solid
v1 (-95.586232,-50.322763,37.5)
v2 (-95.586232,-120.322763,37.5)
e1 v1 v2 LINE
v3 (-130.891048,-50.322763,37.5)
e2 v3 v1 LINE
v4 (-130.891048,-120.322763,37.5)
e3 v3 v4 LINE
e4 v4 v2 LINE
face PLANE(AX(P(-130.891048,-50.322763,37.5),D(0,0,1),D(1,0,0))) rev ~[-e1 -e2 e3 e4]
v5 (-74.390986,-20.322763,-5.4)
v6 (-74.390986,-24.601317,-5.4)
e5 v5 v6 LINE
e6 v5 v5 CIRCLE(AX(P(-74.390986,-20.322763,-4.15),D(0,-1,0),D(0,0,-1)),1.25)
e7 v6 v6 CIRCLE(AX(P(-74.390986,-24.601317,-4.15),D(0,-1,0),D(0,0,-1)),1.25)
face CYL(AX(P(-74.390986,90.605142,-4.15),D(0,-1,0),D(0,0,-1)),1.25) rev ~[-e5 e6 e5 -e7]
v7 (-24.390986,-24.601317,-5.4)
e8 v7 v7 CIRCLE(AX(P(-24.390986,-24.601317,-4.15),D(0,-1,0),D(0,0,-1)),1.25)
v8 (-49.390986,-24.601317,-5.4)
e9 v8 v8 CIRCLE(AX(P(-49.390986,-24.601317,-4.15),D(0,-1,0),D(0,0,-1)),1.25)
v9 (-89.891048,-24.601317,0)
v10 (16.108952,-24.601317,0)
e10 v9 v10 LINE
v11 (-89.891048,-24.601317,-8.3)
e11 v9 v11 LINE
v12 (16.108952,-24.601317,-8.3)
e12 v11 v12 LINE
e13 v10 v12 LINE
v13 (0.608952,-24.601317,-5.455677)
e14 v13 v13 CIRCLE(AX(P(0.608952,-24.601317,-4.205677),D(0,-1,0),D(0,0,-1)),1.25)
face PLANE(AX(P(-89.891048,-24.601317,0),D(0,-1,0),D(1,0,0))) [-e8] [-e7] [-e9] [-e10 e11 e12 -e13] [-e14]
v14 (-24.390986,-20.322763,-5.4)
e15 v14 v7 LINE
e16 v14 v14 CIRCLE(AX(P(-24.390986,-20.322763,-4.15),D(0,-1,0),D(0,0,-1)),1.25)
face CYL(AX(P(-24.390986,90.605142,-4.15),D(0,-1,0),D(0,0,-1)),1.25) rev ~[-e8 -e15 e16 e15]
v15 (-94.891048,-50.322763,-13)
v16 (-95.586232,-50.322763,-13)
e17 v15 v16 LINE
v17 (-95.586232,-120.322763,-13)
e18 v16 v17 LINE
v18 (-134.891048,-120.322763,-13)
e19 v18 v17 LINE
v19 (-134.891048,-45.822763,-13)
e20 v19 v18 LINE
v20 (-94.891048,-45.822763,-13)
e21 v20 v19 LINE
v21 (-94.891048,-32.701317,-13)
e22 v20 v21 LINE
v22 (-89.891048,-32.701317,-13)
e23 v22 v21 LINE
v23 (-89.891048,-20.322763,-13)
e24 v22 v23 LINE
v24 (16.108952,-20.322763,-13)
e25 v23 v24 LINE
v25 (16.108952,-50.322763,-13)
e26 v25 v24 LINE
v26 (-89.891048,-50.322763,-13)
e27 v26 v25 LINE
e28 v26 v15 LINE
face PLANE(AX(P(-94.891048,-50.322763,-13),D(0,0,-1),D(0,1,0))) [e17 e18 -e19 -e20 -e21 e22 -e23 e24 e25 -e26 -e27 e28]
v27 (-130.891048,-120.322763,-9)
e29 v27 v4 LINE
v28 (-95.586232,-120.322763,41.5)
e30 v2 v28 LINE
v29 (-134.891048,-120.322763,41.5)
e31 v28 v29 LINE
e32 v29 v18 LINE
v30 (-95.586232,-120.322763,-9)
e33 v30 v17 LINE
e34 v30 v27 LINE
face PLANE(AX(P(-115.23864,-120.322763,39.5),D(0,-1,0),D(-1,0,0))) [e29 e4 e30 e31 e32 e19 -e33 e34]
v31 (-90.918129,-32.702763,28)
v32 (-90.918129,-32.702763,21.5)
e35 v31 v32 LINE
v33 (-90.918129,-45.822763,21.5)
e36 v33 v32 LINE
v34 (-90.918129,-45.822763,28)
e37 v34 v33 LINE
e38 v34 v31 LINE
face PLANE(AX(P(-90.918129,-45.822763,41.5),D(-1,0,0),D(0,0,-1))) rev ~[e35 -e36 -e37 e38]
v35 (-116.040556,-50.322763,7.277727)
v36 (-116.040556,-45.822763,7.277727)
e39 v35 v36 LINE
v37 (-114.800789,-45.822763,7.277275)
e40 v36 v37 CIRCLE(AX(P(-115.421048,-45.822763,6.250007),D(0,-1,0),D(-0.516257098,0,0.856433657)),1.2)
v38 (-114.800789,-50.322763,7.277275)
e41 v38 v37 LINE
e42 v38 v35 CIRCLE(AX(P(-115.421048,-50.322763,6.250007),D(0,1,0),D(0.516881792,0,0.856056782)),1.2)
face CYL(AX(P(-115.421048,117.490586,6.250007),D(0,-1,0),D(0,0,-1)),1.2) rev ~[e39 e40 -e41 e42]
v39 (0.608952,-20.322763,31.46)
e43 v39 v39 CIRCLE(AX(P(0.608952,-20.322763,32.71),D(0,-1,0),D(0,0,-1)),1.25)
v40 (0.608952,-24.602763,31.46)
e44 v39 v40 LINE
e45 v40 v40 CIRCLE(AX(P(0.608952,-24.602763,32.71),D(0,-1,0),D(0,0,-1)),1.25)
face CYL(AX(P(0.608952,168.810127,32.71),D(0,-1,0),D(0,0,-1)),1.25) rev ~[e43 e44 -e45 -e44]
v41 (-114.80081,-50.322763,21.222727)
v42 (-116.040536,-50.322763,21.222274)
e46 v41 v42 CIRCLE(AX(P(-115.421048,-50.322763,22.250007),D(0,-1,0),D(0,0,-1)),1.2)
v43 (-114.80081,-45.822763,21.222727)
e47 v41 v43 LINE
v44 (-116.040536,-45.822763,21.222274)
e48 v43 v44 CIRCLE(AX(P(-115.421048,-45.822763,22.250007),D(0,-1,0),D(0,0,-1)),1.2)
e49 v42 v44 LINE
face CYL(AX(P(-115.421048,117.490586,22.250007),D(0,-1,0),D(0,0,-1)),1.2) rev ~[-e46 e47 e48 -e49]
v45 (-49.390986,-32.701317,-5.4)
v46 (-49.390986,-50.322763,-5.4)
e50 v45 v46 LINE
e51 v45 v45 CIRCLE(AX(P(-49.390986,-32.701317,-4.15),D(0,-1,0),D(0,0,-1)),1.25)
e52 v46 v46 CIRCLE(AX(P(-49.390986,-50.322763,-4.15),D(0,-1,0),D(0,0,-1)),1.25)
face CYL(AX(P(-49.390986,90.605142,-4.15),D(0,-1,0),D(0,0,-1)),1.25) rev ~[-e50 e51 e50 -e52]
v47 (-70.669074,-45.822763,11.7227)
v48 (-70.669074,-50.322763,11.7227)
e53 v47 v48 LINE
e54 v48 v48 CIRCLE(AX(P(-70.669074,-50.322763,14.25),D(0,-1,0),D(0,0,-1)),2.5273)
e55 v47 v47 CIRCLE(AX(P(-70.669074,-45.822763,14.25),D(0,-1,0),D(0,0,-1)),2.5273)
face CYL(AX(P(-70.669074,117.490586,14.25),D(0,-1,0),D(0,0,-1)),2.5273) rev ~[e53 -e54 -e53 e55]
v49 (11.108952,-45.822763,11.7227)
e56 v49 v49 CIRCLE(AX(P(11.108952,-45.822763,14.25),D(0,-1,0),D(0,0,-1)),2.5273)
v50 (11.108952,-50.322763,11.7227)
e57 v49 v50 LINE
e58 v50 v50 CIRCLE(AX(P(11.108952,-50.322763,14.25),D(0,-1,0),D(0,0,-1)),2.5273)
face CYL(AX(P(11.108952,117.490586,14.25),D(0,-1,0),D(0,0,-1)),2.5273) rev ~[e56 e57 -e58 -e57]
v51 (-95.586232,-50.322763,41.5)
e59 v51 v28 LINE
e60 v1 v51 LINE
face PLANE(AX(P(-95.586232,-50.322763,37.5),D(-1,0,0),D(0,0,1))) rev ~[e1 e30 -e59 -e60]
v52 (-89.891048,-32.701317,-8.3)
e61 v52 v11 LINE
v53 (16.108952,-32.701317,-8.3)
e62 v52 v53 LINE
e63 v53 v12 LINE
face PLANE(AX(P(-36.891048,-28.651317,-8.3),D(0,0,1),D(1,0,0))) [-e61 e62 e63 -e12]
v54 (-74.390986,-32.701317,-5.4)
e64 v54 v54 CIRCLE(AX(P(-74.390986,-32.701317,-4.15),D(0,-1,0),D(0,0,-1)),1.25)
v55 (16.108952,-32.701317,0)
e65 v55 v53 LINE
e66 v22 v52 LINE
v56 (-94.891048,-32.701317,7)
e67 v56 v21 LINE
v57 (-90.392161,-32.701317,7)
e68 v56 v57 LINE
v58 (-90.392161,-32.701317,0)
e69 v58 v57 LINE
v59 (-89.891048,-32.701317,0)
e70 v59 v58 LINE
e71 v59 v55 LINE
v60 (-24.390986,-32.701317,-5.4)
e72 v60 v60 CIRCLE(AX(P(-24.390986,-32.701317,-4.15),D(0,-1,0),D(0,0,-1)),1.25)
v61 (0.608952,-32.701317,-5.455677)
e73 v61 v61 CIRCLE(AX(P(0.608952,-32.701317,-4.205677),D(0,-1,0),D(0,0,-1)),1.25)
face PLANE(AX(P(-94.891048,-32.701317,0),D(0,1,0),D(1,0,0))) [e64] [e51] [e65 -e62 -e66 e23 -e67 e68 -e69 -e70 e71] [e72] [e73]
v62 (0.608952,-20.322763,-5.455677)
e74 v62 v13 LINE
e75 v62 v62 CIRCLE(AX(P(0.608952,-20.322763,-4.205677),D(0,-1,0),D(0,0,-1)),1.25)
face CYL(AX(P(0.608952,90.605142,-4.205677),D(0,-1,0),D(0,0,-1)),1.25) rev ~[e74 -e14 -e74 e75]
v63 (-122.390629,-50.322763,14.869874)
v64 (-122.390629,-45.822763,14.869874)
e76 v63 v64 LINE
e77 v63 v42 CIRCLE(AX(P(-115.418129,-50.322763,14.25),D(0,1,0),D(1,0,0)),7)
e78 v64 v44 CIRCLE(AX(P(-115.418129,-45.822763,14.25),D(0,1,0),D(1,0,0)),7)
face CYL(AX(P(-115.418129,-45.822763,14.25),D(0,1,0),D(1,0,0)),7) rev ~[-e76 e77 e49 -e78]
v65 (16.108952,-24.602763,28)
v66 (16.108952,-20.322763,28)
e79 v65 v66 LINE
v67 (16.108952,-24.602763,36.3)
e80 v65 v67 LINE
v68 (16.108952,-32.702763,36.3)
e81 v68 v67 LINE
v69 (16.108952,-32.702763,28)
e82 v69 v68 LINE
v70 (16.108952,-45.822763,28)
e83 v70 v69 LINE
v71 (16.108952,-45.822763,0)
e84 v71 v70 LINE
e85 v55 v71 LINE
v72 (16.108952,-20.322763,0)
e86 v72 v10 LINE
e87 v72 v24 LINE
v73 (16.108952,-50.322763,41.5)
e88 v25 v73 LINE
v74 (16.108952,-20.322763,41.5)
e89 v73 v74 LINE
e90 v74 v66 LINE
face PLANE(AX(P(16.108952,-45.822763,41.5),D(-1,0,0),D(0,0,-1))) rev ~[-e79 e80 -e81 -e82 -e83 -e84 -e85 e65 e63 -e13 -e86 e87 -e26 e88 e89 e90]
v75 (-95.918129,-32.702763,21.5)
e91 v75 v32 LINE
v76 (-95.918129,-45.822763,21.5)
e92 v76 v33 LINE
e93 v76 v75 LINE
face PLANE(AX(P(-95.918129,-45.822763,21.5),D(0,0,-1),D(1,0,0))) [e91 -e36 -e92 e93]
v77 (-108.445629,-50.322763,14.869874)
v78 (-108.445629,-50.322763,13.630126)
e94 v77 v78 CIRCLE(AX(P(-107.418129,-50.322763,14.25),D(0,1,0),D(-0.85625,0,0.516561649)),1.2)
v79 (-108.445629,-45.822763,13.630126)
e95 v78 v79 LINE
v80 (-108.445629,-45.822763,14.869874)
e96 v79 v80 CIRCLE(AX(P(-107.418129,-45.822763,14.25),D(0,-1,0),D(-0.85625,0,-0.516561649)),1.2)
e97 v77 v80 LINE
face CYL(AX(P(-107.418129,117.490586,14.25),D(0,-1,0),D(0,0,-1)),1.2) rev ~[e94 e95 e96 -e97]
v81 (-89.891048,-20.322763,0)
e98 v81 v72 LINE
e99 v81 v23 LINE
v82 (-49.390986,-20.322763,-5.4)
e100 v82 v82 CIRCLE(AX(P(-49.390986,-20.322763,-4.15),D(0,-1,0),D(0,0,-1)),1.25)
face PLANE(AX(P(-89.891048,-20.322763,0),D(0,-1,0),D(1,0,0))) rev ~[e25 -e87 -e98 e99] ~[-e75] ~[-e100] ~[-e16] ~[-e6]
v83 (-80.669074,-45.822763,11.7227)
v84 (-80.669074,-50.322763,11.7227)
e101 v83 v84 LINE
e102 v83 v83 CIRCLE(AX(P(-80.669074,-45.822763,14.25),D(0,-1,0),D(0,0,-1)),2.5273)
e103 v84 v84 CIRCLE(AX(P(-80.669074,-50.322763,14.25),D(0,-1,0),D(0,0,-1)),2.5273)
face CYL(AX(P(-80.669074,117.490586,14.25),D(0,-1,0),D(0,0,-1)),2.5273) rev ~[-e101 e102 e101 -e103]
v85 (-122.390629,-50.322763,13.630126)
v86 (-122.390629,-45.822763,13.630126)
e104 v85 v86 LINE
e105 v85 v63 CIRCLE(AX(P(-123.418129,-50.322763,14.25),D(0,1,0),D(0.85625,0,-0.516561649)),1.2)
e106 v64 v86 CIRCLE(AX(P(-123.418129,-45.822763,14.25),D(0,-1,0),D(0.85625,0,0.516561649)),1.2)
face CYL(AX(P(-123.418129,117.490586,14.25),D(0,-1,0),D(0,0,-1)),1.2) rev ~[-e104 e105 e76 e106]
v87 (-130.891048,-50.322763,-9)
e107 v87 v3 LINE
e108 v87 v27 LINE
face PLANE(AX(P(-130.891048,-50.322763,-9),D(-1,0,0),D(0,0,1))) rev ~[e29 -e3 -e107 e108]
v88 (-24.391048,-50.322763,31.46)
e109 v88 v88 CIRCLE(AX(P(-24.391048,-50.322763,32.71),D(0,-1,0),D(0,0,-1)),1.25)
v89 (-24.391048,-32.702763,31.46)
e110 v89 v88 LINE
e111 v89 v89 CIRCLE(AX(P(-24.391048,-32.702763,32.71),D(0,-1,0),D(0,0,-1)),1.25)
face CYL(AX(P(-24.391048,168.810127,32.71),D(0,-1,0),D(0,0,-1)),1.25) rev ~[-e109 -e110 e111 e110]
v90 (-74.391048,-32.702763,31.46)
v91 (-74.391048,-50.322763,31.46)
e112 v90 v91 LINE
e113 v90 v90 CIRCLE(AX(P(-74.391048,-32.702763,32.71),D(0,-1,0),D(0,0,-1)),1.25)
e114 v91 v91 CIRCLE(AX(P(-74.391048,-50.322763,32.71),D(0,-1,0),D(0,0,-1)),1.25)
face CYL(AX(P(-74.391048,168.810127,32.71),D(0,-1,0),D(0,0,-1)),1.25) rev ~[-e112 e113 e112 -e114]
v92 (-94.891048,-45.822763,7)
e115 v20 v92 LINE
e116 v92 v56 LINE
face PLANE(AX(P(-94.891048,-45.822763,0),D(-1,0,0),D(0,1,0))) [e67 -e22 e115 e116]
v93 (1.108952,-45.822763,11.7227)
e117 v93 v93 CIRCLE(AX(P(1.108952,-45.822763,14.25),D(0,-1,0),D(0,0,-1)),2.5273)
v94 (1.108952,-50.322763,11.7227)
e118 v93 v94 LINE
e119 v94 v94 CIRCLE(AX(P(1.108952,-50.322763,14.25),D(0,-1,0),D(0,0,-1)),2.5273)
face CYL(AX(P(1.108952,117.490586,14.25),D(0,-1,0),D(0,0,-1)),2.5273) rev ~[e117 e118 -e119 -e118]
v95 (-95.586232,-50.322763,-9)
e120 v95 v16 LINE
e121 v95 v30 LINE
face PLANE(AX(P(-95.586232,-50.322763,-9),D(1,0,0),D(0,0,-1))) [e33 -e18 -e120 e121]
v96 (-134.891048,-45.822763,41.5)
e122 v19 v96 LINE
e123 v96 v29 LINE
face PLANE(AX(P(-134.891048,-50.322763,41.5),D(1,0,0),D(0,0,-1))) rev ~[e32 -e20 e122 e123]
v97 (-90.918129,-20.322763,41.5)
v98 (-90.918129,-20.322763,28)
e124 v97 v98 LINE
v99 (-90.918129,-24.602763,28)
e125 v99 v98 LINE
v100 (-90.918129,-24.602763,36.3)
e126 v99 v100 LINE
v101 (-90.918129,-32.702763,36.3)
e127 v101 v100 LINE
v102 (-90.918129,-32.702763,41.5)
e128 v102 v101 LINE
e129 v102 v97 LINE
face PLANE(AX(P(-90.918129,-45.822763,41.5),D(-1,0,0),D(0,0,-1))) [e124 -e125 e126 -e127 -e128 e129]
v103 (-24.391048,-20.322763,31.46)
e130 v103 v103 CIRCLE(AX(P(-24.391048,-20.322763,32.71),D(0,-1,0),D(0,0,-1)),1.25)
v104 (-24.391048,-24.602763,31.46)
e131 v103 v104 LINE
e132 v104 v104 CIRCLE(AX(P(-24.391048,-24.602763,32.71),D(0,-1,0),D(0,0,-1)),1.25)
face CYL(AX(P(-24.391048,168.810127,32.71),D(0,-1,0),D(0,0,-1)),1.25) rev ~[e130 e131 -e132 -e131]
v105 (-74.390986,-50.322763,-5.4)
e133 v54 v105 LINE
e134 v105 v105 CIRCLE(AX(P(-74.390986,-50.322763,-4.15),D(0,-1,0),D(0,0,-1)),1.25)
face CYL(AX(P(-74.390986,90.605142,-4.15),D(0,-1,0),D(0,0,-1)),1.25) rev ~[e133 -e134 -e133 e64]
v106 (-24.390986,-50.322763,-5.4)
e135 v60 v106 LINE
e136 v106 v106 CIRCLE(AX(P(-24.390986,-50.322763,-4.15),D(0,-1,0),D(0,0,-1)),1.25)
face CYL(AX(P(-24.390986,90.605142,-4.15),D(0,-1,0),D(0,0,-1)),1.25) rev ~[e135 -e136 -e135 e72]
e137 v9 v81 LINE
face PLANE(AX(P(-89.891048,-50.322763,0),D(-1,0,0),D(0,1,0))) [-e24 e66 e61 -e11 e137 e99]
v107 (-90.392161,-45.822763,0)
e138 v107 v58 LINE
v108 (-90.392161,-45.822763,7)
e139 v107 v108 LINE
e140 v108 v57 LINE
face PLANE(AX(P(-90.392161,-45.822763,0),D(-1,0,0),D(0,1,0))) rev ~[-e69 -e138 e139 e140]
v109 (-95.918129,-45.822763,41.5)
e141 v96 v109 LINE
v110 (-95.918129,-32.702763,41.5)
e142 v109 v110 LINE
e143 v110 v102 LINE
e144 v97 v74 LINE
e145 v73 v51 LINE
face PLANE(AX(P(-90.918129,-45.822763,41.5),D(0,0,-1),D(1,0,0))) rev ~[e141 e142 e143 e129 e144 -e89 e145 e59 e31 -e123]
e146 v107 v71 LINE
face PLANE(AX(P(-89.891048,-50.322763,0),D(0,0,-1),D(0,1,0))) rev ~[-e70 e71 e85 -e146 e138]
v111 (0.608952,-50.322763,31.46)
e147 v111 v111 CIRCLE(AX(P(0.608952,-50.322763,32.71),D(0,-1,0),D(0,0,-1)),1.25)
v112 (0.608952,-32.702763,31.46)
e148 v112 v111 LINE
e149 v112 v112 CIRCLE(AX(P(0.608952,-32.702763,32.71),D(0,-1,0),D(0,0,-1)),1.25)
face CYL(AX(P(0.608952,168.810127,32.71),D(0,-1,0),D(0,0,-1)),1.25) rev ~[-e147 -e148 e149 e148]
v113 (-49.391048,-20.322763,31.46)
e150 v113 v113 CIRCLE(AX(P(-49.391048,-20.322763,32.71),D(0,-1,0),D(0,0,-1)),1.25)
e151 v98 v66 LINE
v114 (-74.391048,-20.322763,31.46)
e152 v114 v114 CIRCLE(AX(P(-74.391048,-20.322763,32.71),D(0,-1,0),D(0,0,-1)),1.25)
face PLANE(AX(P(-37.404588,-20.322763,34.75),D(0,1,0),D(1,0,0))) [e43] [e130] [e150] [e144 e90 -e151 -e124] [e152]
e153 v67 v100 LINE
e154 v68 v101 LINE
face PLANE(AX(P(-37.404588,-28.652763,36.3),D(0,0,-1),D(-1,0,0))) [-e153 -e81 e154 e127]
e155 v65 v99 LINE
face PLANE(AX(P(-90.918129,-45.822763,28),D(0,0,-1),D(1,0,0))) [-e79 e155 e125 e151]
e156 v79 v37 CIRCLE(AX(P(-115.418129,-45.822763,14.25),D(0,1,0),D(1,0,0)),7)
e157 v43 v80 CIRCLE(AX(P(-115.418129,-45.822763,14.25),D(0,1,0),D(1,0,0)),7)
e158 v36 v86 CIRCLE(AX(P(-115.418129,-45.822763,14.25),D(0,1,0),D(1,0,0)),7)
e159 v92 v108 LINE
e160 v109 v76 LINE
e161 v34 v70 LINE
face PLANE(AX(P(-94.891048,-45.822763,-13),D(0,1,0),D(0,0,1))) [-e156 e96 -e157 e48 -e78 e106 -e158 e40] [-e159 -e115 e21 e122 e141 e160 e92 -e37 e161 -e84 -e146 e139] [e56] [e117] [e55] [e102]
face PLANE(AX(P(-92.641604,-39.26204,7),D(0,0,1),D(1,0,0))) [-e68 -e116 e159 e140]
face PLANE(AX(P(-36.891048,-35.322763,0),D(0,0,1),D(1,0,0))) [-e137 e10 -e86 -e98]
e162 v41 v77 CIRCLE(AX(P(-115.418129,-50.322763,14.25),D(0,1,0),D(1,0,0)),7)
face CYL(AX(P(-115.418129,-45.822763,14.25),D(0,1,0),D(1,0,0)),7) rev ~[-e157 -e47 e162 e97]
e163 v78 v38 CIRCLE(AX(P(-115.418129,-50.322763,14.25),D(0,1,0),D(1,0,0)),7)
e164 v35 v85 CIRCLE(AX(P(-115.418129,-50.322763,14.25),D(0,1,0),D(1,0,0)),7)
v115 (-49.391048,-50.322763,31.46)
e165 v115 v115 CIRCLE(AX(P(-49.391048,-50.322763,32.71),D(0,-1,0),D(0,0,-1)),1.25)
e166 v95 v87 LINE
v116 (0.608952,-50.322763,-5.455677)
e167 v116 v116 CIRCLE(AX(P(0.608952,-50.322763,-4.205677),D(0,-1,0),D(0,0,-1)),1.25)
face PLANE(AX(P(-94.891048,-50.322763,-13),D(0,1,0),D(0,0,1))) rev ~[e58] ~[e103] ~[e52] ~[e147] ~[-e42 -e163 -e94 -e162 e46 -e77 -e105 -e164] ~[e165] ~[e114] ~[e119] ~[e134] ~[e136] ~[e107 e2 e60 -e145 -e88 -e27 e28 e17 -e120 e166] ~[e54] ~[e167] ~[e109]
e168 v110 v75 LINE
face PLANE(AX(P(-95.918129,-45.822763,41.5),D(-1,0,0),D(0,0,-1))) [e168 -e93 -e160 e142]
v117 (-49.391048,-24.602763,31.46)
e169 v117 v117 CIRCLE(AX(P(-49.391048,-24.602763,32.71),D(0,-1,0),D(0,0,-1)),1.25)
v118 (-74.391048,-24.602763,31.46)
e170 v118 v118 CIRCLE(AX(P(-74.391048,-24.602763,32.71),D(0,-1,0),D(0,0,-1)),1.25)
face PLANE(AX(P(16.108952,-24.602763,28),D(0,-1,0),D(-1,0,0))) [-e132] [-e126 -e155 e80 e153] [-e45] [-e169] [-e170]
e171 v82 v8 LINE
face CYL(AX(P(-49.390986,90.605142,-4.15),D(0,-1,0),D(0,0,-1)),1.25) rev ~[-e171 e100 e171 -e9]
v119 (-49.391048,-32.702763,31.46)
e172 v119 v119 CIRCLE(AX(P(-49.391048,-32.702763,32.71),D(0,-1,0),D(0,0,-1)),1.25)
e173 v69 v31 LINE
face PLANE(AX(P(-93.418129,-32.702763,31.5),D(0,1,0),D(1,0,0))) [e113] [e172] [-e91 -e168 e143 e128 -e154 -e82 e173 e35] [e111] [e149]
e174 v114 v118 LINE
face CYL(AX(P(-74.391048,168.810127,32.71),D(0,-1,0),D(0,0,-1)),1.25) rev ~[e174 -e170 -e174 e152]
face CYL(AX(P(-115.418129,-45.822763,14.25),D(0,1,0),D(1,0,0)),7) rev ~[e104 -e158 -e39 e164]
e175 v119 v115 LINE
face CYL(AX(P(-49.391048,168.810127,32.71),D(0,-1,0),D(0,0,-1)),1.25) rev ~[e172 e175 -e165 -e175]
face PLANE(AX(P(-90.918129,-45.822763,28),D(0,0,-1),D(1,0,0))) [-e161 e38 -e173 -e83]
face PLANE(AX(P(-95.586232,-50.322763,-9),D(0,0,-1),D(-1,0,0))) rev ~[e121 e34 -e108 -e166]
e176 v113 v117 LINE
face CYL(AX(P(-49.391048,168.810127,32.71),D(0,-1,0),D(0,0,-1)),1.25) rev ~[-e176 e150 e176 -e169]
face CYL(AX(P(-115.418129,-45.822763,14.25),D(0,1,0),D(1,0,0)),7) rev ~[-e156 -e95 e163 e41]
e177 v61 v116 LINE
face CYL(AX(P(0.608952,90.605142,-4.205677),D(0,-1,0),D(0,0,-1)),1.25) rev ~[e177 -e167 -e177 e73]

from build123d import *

# Parameters (mm, degrees)
SKETCH4_W                  = 106
SKETCH4_H                  = 30
BOSS_EXTRUDE2_DEPTH        = 13
SKETCH25_W                 = 106
SKETCH25_H                 = 8.1
CUT_EXTRUDE3_DEPTH         = 1
CUT_EXTRUDE3_DEPTH_BACK    = 8.3
M3X0_5_TAPPED_HOLE1_D      = 2.5
SKETCH28_W                 = 106
SKETCH28_H                 = 4.5
BOSS_EXTRUDE3_DEPTH        = 41.5
SKETCH32_W                 = 41.5
SKETCH32_H                 = 4.5
BOSS_EXTRUDE10_DEPTH       = 5
SKETCH33_W                 = 13
SKETCH33_H                 = 17.621445937
BOSS_EXTRUDE12_DEPTH       = 5
SKETCH34_W                 = 4.498886861
SKETCH34_H                 = 13.121445937
BOSS_EXTRUDE13_DEPTH       = 7
SKETCH35_W                 = 54.5
SKETCH35_H                 = 4.5
BOSS_EXTRUDE14_DEPTH       = 40
SKETCH36_W                 = 5
SKETCH36_H                 = 20
BOSS_EXTRUDE15_DEPTH       = 13.12
F_8_0_199_DIAMETER_HOLE1_D = 5.0546
SKETCH39_R                 = 7
CUT_EXTRUDE4_DEPTH         = 10
M2_CLEARANCE_HOLE1_D       = 2.4
SKETCH43_W                 = 35.304815243
SKETCH43_H                 = 4
BOSS_EXTRUDE16_DEPTH       = 70
SKETCH44_W                 = 107.027081708
SKETCH44_H                 = 13.5
BOSS_EXTRUDE17_DEPTH       = 25.5
SKETCH47_W                 = 107.027081708
SKETCH47_H                 = 8.1
CUT_EXTRUDE5_DEPTH         = 8.3
M3X0_5_TAPPED_HOLE2_D      = 2.5


with BuildPart() as part:
    # Sketch4 → Boss-Extrude2 (new body)
    with BuildSketch(Plane.XY):
        with Locations((-36.891047602, -35.322762913)):
            Rectangle(SKETCH4_W, SKETCH4_H)
    extrude(amount=-BOSS_EXTRUDE2_DEPTH)

    # Sketch25 → Cut-Extrude3 (cut, two sides)
    with BuildSketch(Plane.XY) as cut_extrude3_sk:
        with Locations((-36.891047602, -28.651316976)):
            Rectangle(SKETCH25_W, SKETCH25_H)
    extrude(amount=CUT_EXTRUDE3_DEPTH, mode=Mode.SUBTRACT)
    extrude(cut_extrude3_sk.sketch, amount=-CUT_EXTRUDE3_DEPTH_BACK, mode=Mode.SUBTRACT)

    # M3x0.5 Tapped Hole1 (through all)
    with Locations(Plane(origin=(-74.390985602, -20.322762913, -4.15), x_dir=(0, 0, 1), z_dir=(0, 1, 0))):
        with Locations((0, 0), (0, 25), (-0.055677319, 74.999938), (0, 50)):
            Hole(M3X0_5_TAPPED_HOLE1_D / 2)

    # Sketch28 → Boss-Extrude3 (add)
    with BuildSketch(Plane.XY):
        with Locations((-36.891047602, -48.072762913)):
            Rectangle(SKETCH28_W, SKETCH28_H)
    extrude(amount=BOSS_EXTRUDE3_DEPTH)

    # Sketch32 → Boss-Extrude10 (add)
    with BuildSketch(Plane.ZY.offset(89.891047602)):
        with Locations((20.75, -48.072762913)):
            Rectangle(SKETCH32_W, SKETCH32_H)
    extrude(amount=BOSS_EXTRUDE10_DEPTH)

    # Sketch33 → Boss-Extrude12 (add)
    with BuildSketch(Plane.ZY.offset(89.891047602)):
        with Locations((-6.5, -41.512039945)):
            Rectangle(SKETCH33_W, SKETCH33_H)
    extrude(amount=BOSS_EXTRUDE12_DEPTH)

    # Sketch34 → Boss-Extrude13 (add)
    with BuildSketch(Plane.XY):
        with Locations((-92.641604172, -39.262039945)):
            Rectangle(SKETCH34_W, SKETCH34_H)
    extrude(amount=BOSS_EXTRUDE13_DEPTH)

    # Sketch35 → Boss-Extrude14 (add)
    with BuildSketch(Plane.ZY.offset(94.891047602)):
        with Locations((14.25, -48.072762913)):
            Rectangle(SKETCH35_W, SKETCH35_H)
    extrude(amount=BOSS_EXTRUDE14_DEPTH)

    # Sketch36 → Boss-Extrude15 (add)
    with BuildSketch(Plane(origin=(0, -45.822762913, 0), x_dir=(1, 0, 0), z_dir=(0, 1, 0))):
        with Locations((-93.41812931, -31.5)):
            Rectangle(SKETCH36_W, SKETCH36_H)
    extrude(amount=BOSS_EXTRUDE15_DEPTH)

    # #8 (0.199) Diameter Hole1 (through all)
    with Locations(Plane(origin=(-80.669073904, -45.822762913, 14.25), x_dir=(0, 0, 1), z_dir=(0, 1, 0))):
        with Locations((0, 0), (0, 91.778026302), (0, 81.778026302), (0, 10)):
            Hole(F_8_0_199_DIAMETER_HOLE1_D / 2)

    # Sketch39 → Cut-Extrude4 (cut)
    with BuildSketch(Plane(origin=(0, -45.822762913, 0), x_dir=(1, 0, 0), z_dir=(0, 1, 0))):
        with Locations((-115.41812931, -14.25)):
            Circle(SKETCH39_R)
    extrude(amount=-CUT_EXTRUDE4_DEPTH, mode=Mode.SUBTRACT)

    # M2 Clearance Hole1 (through all)
    with Locations(Plane(origin=(-107.41812931, -45.822762913, 14.25), x_dir=(0, 0, 1), z_dir=(0, 1, 0))):
        with Locations((0, 0), (8.000007036, -8.002918292), (-7.999992964, -8.002918292), (0, -16)):
            Hole(M2_CLEARANCE_HOLE1_D / 2)

    # Sketch43 → Boss-Extrude16 (add)
    with BuildSketch(Plane(origin=(0, -50.322762913, 0), x_dir=(-1, 0, 0), z_dir=(0, -1, 0))):
        Polygon((95.586232359, -37.5), (95.586232359, -41.5), (134.891047602, -41.5), (134.891047602, -37.5), (130.891047602, -37.5), align=None)
        Polygon((130.891047602, -37.5), (134.891047602, -37.5), (134.891047602, 13), (130.891047602, 13), (130.891047602, 9), align=None)
        with Locations((113.238639981, 11)):
            Rectangle(SKETCH43_W, SKETCH43_H)
    extrude(amount=BOSS_EXTRUDE16_DEPTH)

    # Sketch44 → Boss-Extrude17 (add)
    with BuildSketch(Plane(origin=(0, -45.822762913, 0), x_dir=(1, 0, 0), z_dir=(0, 1, 0))):
        with Locations((-37.404588456, -34.75)):
            Rectangle(SKETCH44_W, SKETCH44_H)
    extrude(amount=BOSS_EXTRUDE17_DEPTH)

    # Sketch47 → Cut-Extrude5 (cut)
    with BuildSketch(Plane(origin=(0, 0, 28), x_dir=(-1, 0, 0), z_dir=(0, 0, -1))):
        with Locations((37.404588456, -28.652762913)):
            Rectangle(SKETCH47_W, SKETCH47_H)
    extrude(amount=-CUT_EXTRUDE5_DEPTH, mode=Mode.SUBTRACT)

    # M3x0.5 Tapped Hole2 (through all)
    with Locations(Plane(origin=(-74.391047602, -20.322762913, 32.71), x_dir=(0, 0, 1), z_dir=(0, 1, 0))):
        with Locations((0, 0), (0, 25), (0, 50), (0, 75)):
            Hole(M3X0_5_TAPPED_HOLE2_D / 2)


solid = part.part
